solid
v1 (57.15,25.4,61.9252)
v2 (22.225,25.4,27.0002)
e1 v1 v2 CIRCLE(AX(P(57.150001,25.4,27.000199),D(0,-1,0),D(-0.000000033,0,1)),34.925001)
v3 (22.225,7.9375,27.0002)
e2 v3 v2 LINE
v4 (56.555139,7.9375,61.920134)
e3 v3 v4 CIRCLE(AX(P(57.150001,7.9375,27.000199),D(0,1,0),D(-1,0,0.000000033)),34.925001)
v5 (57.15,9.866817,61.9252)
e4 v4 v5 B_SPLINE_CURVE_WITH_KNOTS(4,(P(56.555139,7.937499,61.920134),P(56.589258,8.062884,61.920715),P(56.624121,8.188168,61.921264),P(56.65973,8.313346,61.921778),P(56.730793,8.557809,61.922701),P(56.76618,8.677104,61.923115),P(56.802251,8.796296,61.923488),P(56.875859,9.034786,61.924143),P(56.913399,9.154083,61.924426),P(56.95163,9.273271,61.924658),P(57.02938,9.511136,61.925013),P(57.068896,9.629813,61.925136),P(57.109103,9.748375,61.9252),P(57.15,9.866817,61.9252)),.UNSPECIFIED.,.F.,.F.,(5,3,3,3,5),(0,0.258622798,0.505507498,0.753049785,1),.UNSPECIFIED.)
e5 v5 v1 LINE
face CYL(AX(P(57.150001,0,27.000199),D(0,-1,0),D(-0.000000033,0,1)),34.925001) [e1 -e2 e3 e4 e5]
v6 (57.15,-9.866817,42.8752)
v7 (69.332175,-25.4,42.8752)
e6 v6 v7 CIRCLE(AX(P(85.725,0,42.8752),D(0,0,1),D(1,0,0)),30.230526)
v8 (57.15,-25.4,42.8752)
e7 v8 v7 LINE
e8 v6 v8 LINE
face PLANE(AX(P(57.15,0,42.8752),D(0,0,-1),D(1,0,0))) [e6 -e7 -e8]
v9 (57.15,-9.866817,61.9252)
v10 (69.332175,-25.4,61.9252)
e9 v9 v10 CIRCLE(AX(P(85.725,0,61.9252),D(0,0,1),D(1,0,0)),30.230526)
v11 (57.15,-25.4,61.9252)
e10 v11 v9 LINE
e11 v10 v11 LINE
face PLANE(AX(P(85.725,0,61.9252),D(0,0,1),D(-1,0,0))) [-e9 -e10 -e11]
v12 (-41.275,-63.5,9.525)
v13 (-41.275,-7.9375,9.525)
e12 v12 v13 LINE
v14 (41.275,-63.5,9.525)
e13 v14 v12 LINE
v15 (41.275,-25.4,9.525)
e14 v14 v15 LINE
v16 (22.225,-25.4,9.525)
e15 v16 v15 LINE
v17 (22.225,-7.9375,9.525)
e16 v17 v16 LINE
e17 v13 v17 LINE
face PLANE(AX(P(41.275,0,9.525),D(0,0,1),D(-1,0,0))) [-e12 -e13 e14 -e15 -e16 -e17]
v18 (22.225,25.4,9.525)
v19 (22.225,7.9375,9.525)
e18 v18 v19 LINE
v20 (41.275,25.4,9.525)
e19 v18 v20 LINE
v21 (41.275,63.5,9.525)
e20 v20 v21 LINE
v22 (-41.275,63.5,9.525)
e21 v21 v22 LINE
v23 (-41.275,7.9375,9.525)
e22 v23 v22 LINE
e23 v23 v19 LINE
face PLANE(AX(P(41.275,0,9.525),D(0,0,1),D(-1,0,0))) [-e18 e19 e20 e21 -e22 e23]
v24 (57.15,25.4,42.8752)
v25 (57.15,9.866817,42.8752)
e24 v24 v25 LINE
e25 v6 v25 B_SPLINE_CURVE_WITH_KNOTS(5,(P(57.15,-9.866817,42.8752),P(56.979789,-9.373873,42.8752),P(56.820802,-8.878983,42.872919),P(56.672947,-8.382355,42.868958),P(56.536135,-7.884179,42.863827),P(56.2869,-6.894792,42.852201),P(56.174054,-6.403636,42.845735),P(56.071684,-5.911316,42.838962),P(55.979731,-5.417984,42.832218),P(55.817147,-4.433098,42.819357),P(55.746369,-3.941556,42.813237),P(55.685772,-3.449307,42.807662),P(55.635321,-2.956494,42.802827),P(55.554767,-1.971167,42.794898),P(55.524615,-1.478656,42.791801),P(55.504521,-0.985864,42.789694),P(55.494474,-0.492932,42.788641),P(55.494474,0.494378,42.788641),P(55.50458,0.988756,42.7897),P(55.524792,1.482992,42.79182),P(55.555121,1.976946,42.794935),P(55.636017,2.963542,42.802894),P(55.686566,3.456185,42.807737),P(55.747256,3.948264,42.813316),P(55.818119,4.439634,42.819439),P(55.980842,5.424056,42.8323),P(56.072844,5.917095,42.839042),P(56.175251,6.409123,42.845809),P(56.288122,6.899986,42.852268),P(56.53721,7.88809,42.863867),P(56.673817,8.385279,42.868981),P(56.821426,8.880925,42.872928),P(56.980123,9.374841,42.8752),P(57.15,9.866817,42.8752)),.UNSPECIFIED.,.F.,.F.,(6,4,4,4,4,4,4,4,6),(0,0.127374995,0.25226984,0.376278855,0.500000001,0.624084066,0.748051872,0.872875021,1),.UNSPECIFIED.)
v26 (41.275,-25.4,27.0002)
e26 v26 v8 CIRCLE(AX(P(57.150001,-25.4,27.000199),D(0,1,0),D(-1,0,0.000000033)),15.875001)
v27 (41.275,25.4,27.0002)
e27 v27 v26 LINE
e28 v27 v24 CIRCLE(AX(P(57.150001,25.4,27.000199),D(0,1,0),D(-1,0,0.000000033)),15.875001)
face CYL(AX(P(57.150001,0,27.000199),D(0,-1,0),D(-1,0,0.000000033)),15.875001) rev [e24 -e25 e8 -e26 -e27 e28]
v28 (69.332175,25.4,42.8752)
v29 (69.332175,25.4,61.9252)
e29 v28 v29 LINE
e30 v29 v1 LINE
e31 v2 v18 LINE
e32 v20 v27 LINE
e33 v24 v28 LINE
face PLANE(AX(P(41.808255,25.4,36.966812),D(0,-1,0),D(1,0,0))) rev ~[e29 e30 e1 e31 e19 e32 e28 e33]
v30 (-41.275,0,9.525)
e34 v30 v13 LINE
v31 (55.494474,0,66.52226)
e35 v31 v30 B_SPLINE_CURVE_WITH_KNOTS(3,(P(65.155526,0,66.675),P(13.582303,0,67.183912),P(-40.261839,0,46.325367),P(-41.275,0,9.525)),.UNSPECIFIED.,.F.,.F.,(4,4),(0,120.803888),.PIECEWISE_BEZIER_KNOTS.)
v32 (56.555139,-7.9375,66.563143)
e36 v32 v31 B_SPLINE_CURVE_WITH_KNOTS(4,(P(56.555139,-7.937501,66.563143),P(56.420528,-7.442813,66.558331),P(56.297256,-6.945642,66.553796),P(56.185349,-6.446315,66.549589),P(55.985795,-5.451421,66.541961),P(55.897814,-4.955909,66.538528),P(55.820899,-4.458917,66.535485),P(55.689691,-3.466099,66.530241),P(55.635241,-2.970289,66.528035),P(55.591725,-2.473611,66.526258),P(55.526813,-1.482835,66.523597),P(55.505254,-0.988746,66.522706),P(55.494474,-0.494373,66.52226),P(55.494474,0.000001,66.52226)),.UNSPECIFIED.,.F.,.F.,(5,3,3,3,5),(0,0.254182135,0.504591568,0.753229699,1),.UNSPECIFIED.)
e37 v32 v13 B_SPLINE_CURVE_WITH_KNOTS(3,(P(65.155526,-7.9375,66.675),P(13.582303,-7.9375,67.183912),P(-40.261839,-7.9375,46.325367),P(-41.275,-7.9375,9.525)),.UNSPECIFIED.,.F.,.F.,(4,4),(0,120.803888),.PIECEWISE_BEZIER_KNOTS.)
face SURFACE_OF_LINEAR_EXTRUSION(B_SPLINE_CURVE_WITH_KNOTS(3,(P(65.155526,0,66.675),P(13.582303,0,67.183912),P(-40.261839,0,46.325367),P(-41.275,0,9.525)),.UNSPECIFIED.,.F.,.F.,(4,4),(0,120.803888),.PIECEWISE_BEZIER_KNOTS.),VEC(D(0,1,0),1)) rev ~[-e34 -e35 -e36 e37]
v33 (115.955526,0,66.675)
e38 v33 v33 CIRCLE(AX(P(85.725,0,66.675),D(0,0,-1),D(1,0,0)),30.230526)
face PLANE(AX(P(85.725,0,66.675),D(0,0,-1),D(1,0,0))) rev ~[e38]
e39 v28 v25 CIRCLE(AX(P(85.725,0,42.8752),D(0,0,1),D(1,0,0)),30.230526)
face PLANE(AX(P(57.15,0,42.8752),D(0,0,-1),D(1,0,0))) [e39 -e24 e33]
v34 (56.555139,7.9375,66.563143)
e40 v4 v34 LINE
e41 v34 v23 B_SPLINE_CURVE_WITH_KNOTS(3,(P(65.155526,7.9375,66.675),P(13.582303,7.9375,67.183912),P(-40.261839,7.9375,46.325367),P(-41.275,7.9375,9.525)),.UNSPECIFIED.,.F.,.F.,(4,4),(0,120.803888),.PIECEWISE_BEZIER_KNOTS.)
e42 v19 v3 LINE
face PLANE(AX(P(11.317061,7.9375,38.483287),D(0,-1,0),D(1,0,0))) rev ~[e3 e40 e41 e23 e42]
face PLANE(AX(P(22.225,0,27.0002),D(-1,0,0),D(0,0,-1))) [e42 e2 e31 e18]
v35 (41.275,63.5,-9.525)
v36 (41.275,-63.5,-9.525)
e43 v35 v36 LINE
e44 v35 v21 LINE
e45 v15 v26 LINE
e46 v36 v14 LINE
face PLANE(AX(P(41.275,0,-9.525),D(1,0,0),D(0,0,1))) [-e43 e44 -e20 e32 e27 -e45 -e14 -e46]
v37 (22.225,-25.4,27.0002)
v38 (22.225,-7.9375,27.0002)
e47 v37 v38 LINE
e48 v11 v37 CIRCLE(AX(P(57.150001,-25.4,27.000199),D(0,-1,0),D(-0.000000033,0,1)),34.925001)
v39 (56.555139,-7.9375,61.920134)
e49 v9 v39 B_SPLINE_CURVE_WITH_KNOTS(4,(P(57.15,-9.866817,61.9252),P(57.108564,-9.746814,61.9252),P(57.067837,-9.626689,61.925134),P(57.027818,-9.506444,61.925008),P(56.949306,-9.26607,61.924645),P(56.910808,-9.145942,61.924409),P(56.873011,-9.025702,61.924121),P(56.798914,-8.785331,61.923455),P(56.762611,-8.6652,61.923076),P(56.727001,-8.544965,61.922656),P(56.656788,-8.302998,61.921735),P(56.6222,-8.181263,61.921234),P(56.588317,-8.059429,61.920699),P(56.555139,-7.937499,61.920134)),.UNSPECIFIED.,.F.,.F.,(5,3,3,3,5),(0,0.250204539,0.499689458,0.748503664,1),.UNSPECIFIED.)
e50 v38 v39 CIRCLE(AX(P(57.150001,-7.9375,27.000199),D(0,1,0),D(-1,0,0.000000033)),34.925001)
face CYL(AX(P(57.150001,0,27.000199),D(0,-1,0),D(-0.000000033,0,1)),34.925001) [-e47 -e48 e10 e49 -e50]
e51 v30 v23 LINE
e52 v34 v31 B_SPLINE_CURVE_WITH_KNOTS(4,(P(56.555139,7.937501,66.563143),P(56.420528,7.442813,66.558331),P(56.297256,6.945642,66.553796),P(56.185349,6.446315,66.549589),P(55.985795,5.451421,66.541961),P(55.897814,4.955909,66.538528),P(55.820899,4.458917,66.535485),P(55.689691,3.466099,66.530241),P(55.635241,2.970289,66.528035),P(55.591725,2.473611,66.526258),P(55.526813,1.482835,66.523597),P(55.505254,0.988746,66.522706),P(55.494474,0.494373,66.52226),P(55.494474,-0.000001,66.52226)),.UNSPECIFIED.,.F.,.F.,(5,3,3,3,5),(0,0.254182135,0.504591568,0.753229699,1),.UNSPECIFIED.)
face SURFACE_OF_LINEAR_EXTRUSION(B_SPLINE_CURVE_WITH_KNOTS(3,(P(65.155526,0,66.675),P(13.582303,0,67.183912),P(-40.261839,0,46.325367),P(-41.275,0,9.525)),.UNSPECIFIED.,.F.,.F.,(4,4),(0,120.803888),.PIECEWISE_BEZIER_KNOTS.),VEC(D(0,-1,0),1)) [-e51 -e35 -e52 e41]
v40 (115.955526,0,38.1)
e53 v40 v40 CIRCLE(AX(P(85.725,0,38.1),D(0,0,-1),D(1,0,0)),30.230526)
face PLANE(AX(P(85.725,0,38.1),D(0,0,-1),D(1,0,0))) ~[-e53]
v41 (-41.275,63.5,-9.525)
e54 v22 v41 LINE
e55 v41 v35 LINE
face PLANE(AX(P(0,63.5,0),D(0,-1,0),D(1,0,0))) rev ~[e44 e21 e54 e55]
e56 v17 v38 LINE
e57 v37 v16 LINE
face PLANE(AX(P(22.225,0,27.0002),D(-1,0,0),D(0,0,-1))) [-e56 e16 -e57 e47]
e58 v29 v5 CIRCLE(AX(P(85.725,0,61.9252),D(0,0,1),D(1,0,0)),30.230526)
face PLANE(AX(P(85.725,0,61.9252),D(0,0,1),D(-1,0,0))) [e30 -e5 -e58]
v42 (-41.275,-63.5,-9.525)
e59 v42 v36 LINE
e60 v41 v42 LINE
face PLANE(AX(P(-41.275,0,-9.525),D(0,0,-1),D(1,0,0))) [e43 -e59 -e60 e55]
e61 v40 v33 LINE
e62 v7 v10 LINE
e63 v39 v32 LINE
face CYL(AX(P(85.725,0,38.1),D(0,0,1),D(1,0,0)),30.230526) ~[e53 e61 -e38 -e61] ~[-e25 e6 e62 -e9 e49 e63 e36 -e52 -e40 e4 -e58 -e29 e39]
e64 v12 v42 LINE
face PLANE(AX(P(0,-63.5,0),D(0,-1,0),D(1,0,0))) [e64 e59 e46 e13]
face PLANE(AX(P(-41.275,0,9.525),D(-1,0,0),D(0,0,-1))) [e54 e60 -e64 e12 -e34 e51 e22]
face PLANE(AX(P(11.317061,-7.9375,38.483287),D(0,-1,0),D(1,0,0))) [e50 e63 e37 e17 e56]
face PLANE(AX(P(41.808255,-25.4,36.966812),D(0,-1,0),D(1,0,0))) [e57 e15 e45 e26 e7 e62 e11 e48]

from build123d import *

# Parameters (mm, degrees)
F1_DEPTH = 63.5
F0_W     = 20.569474
F0_H     = 19.05
F2_DEPTH = 25.4
F3_DEPTH = 7.9375


with BuildPart() as f1:
    # F0 (on Front) → F1 (new body, symmetric)
    with BuildSketch(Plane.XZ):
        Polygon((22.225, 9.525), (-41.275, 9.525), (-41.275, -9.525), (41.275, -9.525), (41.275, 9.525), align=None)
    extrude(amount=F1_DEPTH, both=True)

    # F0 (on Front) → F2 (join, symmetric)
    with BuildSketch(Plane.XZ):
        with BuildLine():
            Line((22.225, 27.0002), (22.225, 9.525))
            Line((22.225, 9.525), (41.275, 9.525))
            Line((41.275, 9.525), (41.275, 27.0002))
            ThreePointArc((41.275, 27.0002), (45.92468, 38.22552), (57.15, 42.8752))
            Line((57.15, 42.8752), (65.155526, 42.8752))
            Line((65.155526, 42.8752), (65.155526, 61.9252))
            Line((65.155526, 61.9252), (57.15, 61.9252))
            ThreePointArc((57.15, 61.9252), (32.454296, 51.695904), (22.225, 27.0002))
        make_face()
        with Locations((75.440263, 52.4002)):
            Rectangle(F0_W, F0_H)
    extrude(amount=F2_DEPTH, both=True)

    # F0 (on Front) → F3 (join, symmetric)
    with BuildSketch(Plane.XZ):
        with BuildLine():
            add(Edge.make_bspline(
                [(65.155526, 66.675), (13.582303, 67.183912), (-40.261839, 46.325367), (-41.275, 9.525)],
                knots=[0, 0, 0, 0, 120.803888, 120.803888, 120.803888, 120.803888], degree=3))
            Line((-41.275, 9.525), (22.225, 9.525))
            Line((22.225, 9.525), (22.225, 27.0002))
            ThreePointArc((22.225, 27.0002), (32.454296, 51.695904), (57.15, 61.9252))
            Line((57.15, 61.9252), (65.155526, 61.9252))
            Line((65.155526, 61.9252), (65.155526, 66.675))
        make_face()
    extrude(amount=F3_DEPTH, both=True)

    # F0 (on Front) → F4 (revolve)
    with BuildSketch(Plane.XZ):
        Polygon((115.955526, 66.675), (85.725, 66.675), (85.725, 61.9252), (85.725, 42.8752), (85.725, 38.1), (115.955526, 38.1), align=None)
    revolve(axis=Axis((85.725, 0, 40.4876), (0, 0, -1)))


solid = f1.part
